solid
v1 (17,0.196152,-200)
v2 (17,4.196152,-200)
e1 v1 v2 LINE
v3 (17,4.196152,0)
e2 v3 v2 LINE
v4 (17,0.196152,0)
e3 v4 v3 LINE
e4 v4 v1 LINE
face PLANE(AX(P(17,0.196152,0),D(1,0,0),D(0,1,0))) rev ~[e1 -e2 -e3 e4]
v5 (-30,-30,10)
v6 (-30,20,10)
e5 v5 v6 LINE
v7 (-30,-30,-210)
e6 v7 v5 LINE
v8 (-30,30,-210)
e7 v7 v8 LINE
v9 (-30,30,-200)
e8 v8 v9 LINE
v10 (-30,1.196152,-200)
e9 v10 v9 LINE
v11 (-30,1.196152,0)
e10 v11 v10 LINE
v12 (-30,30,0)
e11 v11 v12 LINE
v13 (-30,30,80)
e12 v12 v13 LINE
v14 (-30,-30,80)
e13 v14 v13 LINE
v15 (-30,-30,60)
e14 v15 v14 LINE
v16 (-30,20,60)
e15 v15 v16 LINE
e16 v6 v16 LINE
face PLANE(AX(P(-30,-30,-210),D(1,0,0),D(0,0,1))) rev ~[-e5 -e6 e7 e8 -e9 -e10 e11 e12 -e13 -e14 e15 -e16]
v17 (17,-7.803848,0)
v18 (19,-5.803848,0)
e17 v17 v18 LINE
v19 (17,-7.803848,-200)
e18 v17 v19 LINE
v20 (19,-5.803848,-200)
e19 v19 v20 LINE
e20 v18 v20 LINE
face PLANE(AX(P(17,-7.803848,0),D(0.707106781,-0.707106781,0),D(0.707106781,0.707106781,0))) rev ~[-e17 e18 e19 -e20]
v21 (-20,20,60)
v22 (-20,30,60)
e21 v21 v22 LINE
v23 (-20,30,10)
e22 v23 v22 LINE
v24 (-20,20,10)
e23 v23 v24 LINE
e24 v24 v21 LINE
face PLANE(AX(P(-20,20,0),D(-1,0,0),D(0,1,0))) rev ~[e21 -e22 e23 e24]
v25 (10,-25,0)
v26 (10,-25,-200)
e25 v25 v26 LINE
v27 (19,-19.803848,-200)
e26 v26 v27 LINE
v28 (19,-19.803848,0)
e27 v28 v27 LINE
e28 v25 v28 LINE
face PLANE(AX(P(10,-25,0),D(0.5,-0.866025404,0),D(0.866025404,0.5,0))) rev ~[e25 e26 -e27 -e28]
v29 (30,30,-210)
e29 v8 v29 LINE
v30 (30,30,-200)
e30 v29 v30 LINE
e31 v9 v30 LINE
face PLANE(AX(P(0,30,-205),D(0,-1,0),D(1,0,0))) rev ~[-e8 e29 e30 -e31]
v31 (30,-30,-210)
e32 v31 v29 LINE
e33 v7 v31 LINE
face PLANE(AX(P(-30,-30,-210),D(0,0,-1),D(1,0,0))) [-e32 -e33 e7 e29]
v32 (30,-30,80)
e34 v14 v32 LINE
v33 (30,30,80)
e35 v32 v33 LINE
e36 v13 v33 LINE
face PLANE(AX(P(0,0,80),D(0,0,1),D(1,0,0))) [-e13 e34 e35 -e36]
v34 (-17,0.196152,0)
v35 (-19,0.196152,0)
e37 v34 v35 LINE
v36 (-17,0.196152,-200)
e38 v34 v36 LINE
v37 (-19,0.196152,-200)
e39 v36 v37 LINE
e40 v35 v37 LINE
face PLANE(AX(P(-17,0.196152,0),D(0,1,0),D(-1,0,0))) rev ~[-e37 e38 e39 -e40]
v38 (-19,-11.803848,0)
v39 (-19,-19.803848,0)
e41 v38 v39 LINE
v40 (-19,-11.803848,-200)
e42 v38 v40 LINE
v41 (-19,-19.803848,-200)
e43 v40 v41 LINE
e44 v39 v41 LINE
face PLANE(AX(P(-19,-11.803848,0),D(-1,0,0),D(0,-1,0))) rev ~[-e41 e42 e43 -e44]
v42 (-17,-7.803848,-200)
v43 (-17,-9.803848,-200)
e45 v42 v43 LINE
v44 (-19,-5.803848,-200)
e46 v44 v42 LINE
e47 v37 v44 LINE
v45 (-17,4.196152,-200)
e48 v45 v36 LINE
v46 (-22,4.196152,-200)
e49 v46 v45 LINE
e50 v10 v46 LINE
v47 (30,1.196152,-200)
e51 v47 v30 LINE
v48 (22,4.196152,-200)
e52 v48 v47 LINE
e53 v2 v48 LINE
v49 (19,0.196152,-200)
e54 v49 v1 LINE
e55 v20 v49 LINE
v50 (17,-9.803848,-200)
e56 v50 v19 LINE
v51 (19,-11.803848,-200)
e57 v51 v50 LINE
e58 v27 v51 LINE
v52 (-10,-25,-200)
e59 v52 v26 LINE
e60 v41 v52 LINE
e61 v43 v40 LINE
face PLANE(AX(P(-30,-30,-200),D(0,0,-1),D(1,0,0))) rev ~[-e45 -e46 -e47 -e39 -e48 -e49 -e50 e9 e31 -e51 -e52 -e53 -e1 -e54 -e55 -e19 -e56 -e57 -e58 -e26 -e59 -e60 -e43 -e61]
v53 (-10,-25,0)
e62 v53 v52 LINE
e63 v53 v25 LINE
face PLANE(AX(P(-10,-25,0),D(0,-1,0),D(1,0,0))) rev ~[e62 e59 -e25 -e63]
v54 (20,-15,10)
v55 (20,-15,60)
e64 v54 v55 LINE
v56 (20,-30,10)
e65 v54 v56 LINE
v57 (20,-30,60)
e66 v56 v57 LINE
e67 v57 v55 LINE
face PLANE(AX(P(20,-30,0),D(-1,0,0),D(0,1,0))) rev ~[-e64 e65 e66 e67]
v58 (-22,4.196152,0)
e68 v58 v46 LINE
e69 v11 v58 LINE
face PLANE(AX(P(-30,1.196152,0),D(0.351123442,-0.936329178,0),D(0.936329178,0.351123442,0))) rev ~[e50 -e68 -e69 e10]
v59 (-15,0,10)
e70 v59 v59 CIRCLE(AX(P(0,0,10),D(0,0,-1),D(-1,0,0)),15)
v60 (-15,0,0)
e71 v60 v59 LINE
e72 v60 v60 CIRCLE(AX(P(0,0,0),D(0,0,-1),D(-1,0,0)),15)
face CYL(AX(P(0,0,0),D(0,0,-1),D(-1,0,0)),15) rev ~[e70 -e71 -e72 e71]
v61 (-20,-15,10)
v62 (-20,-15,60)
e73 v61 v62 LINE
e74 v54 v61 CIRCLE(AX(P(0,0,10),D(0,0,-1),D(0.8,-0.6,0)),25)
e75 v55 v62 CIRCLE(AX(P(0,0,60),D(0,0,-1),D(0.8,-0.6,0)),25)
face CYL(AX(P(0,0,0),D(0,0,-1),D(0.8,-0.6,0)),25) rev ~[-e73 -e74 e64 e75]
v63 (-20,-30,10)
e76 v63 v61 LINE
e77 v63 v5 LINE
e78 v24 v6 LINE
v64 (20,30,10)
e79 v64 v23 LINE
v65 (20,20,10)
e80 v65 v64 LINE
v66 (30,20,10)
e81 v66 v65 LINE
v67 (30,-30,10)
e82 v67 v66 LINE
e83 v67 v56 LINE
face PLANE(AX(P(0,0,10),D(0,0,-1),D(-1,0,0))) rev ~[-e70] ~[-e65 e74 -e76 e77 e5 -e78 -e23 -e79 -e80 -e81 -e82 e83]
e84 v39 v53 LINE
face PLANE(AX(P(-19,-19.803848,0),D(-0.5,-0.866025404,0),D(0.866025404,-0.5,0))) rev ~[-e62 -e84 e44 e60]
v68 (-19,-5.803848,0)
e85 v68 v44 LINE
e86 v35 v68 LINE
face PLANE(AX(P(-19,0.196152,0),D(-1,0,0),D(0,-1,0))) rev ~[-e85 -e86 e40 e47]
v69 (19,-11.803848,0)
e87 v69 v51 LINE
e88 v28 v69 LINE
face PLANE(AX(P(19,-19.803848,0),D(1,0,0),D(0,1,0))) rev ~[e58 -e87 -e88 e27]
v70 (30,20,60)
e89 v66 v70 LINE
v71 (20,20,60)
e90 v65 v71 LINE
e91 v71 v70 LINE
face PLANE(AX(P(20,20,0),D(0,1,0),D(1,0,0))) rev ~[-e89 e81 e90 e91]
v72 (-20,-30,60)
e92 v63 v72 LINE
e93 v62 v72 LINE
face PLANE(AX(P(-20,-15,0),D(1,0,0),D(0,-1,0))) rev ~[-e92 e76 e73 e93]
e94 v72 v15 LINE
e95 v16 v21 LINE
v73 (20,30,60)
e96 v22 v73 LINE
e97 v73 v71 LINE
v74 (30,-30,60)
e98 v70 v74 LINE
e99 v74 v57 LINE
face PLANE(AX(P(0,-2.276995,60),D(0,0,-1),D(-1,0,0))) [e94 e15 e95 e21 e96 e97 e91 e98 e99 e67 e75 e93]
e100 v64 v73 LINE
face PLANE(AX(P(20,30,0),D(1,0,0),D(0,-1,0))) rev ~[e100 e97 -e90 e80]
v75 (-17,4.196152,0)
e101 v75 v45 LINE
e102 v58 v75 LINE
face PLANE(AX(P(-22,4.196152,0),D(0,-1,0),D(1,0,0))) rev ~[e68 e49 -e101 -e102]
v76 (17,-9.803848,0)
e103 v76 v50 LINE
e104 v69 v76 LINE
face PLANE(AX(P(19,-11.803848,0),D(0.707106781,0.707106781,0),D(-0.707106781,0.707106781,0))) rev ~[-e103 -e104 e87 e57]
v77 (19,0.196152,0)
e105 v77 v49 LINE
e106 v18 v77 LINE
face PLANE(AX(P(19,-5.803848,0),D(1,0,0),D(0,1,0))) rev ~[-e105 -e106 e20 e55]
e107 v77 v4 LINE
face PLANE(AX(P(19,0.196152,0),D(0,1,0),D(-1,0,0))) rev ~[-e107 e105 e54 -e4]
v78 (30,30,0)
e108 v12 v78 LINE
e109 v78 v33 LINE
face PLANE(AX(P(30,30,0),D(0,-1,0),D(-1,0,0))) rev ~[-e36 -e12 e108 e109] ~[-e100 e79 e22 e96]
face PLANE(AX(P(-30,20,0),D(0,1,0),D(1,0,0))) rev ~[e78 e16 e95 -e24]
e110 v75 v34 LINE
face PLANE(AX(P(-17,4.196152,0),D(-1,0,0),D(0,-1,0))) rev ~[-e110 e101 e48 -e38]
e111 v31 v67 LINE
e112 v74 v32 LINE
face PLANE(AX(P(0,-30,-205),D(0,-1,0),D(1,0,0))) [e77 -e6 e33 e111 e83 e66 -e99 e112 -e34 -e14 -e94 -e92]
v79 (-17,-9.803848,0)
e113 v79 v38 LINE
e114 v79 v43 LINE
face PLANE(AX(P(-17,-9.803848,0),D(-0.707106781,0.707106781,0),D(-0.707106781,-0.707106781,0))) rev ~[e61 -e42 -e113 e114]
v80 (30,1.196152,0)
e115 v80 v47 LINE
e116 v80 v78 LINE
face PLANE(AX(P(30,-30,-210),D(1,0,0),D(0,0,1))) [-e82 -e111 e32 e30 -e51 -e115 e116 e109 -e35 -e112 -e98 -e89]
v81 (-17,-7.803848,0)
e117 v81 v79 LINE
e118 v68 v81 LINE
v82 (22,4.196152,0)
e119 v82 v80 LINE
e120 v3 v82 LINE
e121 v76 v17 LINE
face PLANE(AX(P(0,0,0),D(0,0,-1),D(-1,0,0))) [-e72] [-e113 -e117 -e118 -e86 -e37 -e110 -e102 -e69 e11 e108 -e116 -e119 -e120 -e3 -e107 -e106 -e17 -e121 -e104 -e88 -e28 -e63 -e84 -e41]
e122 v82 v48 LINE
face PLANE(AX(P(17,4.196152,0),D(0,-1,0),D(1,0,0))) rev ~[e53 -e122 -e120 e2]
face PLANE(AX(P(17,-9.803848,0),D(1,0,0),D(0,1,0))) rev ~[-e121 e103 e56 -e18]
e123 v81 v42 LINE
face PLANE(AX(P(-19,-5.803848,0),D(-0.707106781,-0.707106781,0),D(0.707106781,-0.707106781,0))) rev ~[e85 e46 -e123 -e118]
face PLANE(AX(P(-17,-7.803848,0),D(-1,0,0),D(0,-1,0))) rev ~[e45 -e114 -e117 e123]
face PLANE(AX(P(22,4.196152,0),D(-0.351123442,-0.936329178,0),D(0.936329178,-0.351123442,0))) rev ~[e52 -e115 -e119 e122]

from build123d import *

# Parameters (mm, degrees)
SKETCH1_W           = 60
SKETCH1_H           = 60
BOSS_EXTRUDE1_DEPTH = 80
CUT_EXTRUDE3_DEPTH  = 60
SKETCH6_W           = 60
SKETCH6_H           = 60
BOSS_EXTRUDE3_DEPTH = 10
SKETCH7_R           = 15
CUT_EXTRUDE4_DEPTH  = 10
BOSS_EXTRUDE4_DEPTH = 200
SKETCH10_W          = 60
SKETCH10_H          = 10
BOSS_EXTRUDE5_DEPTH = 60


with BuildPart() as part:
    # Sketch1 → Boss-Extrude1 (new body)
    with BuildSketch(Plane.XY):
        Rectangle(SKETCH1_W, SKETCH1_H)
    extrude(amount=BOSS_EXTRUDE1_DEPTH)

    # Sketch5 → Cut-Extrude3 (cut)
    with BuildSketch(Plane(origin=(0, 0, 0), x_dir=(-1, 0, 0), z_dir=(0, 0, -1))):
        with BuildLine():
            Line((20, 30), (-20, 30))
            Line((-20, 30), (-20, 20))
            Line((-20, 20), (-30, 20))
            Line((-30, 20), (-30, -30))
            Line((-30, -30), (-20, -30))
            Line((-20, -30), (-20, -15))
            ThreePointArc((-20, -15), (0, -25), (20, -15))
            Line((20, -15), (20, -30))
            Line((20, -30), (30, -30))
            Line((30, -30), (30, 20))
            Line((30, 20), (20, 20))
            Line((20, 20), (20, 30))
        make_face()
    extrude(amount=-CUT_EXTRUDE3_DEPTH, mode=Mode.SUBTRACT)

    # Sketch6 → Boss-Extrude3 (add)
    with BuildSketch(Plane(origin=(0, 0, 0), x_dir=(-1, 0, 0), z_dir=(0, 0, -1))):
        Rectangle(SKETCH6_W, SKETCH6_H)
    extrude(amount=-BOSS_EXTRUDE3_DEPTH)

    # Sketch7 → Cut-Extrude4 (cut)
    with BuildSketch(Plane(origin=(0, 0, 0), x_dir=(-1, 0, 0), z_dir=(0, 0, -1))):
        Circle(SKETCH7_R)
    extrude(amount=-CUT_EXTRUDE4_DEPTH, mode=Mode.SUBTRACT)

    # Sketch8 → Boss-Extrude4 (add)
    with BuildSketch(Plane(origin=(0, 0, 0), x_dir=(-1, 0, 0), z_dir=(0, 0, -1))):
        Polygon((-30, -25), (-10, -25), (-19, -19.803847577), (-19, -11.803847577), (-17, -9.803847577), (-17, -7.803847577), (-19, -5.803847577), (-19, 0.196152423), (-17, 0.196152423), (-17, 4.196152423), (-22, 4.196152423), (-30, 1.196152423), align=None)
        Polygon((19, -19.803847577), (10, -25), (30, -25), (30, 1.196152423), (22, 4.196152423), (17, 4.196152423), (17, 0.196152423), (19, 0.196152423), (19, -5.803847577), (17, -7.803847577), (17, -9.803847577), (19, -11.803847577), align=None)
        Polygon((10, -25), (0, -25), (0, -30), (30, -30), (30, -25), align=None)
        Polygon((0, -30), (0, -25), (-10, -25), (-30, -25), (-30, -30), align=None)
    extrude(amount=BOSS_EXTRUDE4_DEPTH)

    # Sketch10 → Boss-Extrude5 (add)
    with BuildSketch(Plane.XZ.offset(30)):
        with Locations((0, -205)):
            Rectangle(SKETCH10_W, SKETCH10_H)
    extrude(amount=-BOSS_EXTRUDE5_DEPTH)


solid = part.part
